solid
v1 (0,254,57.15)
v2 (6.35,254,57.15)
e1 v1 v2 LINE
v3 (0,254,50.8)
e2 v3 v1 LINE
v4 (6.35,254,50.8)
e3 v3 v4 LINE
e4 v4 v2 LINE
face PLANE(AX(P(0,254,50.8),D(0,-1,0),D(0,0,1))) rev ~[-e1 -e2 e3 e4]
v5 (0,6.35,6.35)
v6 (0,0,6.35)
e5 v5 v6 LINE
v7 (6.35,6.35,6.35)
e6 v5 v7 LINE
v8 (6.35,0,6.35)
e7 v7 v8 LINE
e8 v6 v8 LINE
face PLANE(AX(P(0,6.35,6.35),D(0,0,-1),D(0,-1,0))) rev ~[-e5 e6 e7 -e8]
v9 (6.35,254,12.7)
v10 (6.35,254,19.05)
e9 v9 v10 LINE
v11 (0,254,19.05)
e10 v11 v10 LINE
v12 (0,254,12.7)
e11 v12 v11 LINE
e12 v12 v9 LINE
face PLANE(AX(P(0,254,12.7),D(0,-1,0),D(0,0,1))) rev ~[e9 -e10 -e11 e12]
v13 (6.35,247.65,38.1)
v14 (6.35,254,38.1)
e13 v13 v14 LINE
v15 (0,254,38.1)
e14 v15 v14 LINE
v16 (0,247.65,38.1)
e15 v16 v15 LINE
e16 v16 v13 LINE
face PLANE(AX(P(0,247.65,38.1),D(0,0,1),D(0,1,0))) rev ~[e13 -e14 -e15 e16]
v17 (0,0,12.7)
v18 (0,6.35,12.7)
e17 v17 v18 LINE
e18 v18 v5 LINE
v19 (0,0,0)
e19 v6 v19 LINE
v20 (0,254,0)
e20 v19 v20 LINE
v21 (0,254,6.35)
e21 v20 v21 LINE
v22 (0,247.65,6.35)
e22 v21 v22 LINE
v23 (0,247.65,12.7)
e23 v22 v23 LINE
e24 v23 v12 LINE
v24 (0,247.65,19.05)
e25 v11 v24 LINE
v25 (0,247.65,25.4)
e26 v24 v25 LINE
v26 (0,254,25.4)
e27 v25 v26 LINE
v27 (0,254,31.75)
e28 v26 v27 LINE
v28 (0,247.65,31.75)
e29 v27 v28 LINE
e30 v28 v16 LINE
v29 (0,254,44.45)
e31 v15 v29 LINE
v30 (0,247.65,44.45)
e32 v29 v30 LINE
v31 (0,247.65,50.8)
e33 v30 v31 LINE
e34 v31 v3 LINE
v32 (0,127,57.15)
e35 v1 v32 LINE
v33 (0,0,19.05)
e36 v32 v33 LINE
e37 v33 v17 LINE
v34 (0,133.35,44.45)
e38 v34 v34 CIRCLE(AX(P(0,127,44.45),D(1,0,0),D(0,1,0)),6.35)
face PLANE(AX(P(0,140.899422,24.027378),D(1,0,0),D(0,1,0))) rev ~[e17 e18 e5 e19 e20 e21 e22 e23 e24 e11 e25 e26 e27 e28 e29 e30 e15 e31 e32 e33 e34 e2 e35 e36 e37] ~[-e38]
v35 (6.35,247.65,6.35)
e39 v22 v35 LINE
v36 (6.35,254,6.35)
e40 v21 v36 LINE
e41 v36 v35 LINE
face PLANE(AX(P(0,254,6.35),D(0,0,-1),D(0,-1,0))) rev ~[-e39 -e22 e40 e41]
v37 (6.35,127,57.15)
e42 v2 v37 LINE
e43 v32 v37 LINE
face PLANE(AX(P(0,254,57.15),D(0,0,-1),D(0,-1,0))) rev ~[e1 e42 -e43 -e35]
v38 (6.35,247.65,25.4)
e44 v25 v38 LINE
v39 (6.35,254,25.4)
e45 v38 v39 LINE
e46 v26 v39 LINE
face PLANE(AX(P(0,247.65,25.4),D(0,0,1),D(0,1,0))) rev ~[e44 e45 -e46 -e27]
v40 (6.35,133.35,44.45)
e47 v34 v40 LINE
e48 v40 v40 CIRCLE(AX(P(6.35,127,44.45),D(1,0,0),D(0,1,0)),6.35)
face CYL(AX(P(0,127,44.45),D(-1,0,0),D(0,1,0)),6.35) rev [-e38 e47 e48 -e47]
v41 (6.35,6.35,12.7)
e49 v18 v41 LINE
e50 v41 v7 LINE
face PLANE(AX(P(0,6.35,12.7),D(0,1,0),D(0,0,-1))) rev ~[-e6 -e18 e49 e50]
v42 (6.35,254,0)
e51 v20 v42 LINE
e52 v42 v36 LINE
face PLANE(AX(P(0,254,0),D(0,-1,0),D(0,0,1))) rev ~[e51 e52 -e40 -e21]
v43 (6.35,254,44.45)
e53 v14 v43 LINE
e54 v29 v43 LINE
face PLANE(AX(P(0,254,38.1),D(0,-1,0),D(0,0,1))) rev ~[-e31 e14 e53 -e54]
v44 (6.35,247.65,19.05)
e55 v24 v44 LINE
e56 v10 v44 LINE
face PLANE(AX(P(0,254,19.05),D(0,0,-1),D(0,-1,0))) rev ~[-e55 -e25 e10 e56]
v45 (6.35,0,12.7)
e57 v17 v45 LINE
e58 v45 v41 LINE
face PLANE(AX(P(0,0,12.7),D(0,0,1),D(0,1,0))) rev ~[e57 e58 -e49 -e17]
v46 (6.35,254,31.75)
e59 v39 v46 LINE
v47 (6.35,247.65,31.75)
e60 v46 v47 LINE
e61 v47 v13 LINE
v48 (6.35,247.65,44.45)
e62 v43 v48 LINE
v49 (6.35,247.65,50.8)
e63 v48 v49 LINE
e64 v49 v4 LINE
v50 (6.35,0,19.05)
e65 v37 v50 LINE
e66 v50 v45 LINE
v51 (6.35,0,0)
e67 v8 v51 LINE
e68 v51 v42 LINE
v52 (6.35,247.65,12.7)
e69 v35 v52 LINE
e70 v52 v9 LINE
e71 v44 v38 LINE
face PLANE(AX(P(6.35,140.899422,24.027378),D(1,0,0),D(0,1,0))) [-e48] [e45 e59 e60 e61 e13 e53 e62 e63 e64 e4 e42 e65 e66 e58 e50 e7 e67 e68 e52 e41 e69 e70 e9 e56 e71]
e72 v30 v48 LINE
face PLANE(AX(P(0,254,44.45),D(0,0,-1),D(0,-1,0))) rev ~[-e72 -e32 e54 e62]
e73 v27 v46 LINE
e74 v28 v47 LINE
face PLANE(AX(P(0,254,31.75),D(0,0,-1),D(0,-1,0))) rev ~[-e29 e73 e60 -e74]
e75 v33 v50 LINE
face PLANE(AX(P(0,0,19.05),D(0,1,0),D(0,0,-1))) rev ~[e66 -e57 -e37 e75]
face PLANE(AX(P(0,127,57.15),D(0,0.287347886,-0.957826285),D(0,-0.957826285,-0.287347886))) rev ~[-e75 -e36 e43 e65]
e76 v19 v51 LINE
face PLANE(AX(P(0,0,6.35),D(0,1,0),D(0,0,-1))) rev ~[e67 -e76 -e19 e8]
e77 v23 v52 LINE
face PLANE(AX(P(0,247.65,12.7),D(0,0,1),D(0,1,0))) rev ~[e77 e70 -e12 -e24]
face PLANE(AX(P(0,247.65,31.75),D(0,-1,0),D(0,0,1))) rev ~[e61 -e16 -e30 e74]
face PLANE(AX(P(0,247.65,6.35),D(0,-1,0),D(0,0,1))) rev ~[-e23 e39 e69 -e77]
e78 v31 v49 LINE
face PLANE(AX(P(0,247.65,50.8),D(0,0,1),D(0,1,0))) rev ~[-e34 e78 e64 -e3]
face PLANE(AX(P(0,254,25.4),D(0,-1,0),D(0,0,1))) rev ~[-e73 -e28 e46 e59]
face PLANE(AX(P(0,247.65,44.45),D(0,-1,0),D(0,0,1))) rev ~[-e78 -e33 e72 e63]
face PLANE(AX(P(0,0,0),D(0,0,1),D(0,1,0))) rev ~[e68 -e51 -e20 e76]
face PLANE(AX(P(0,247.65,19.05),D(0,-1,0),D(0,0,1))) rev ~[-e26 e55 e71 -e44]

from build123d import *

# Parameters (mm, degrees)
F0_R     = 6.35
F1_DEPTH = 6.35


with BuildPart() as f1:
    # F0 (on Right) → F1 (new body)
    with BuildSketch(Plane.YZ):
        Polygon((0, 6.35), (0, 0), (254, 0), (254, 6.35), (247.65, 6.35), (247.65, 12.7), (254, 12.7), (254, 19.05), (247.65, 19.05), (247.65, 25.4), (254, 25.4), (254, 31.75), (247.65, 31.75), (247.65, 38.1), (254, 38.1), (254, 44.45), (247.65, 44.45), (247.65, 50.8), (254, 50.8), (254, 57.15), (127, 57.15), (0, 19.05), (0, 12.7), (6.35, 12.7), (6.35, 6.35), align=None)
        with Locations((127, 44.45)):
            Circle(F0_R, mode=Mode.SUBTRACT)
    extrude(amount=F1_DEPTH)


solid = f1.part
